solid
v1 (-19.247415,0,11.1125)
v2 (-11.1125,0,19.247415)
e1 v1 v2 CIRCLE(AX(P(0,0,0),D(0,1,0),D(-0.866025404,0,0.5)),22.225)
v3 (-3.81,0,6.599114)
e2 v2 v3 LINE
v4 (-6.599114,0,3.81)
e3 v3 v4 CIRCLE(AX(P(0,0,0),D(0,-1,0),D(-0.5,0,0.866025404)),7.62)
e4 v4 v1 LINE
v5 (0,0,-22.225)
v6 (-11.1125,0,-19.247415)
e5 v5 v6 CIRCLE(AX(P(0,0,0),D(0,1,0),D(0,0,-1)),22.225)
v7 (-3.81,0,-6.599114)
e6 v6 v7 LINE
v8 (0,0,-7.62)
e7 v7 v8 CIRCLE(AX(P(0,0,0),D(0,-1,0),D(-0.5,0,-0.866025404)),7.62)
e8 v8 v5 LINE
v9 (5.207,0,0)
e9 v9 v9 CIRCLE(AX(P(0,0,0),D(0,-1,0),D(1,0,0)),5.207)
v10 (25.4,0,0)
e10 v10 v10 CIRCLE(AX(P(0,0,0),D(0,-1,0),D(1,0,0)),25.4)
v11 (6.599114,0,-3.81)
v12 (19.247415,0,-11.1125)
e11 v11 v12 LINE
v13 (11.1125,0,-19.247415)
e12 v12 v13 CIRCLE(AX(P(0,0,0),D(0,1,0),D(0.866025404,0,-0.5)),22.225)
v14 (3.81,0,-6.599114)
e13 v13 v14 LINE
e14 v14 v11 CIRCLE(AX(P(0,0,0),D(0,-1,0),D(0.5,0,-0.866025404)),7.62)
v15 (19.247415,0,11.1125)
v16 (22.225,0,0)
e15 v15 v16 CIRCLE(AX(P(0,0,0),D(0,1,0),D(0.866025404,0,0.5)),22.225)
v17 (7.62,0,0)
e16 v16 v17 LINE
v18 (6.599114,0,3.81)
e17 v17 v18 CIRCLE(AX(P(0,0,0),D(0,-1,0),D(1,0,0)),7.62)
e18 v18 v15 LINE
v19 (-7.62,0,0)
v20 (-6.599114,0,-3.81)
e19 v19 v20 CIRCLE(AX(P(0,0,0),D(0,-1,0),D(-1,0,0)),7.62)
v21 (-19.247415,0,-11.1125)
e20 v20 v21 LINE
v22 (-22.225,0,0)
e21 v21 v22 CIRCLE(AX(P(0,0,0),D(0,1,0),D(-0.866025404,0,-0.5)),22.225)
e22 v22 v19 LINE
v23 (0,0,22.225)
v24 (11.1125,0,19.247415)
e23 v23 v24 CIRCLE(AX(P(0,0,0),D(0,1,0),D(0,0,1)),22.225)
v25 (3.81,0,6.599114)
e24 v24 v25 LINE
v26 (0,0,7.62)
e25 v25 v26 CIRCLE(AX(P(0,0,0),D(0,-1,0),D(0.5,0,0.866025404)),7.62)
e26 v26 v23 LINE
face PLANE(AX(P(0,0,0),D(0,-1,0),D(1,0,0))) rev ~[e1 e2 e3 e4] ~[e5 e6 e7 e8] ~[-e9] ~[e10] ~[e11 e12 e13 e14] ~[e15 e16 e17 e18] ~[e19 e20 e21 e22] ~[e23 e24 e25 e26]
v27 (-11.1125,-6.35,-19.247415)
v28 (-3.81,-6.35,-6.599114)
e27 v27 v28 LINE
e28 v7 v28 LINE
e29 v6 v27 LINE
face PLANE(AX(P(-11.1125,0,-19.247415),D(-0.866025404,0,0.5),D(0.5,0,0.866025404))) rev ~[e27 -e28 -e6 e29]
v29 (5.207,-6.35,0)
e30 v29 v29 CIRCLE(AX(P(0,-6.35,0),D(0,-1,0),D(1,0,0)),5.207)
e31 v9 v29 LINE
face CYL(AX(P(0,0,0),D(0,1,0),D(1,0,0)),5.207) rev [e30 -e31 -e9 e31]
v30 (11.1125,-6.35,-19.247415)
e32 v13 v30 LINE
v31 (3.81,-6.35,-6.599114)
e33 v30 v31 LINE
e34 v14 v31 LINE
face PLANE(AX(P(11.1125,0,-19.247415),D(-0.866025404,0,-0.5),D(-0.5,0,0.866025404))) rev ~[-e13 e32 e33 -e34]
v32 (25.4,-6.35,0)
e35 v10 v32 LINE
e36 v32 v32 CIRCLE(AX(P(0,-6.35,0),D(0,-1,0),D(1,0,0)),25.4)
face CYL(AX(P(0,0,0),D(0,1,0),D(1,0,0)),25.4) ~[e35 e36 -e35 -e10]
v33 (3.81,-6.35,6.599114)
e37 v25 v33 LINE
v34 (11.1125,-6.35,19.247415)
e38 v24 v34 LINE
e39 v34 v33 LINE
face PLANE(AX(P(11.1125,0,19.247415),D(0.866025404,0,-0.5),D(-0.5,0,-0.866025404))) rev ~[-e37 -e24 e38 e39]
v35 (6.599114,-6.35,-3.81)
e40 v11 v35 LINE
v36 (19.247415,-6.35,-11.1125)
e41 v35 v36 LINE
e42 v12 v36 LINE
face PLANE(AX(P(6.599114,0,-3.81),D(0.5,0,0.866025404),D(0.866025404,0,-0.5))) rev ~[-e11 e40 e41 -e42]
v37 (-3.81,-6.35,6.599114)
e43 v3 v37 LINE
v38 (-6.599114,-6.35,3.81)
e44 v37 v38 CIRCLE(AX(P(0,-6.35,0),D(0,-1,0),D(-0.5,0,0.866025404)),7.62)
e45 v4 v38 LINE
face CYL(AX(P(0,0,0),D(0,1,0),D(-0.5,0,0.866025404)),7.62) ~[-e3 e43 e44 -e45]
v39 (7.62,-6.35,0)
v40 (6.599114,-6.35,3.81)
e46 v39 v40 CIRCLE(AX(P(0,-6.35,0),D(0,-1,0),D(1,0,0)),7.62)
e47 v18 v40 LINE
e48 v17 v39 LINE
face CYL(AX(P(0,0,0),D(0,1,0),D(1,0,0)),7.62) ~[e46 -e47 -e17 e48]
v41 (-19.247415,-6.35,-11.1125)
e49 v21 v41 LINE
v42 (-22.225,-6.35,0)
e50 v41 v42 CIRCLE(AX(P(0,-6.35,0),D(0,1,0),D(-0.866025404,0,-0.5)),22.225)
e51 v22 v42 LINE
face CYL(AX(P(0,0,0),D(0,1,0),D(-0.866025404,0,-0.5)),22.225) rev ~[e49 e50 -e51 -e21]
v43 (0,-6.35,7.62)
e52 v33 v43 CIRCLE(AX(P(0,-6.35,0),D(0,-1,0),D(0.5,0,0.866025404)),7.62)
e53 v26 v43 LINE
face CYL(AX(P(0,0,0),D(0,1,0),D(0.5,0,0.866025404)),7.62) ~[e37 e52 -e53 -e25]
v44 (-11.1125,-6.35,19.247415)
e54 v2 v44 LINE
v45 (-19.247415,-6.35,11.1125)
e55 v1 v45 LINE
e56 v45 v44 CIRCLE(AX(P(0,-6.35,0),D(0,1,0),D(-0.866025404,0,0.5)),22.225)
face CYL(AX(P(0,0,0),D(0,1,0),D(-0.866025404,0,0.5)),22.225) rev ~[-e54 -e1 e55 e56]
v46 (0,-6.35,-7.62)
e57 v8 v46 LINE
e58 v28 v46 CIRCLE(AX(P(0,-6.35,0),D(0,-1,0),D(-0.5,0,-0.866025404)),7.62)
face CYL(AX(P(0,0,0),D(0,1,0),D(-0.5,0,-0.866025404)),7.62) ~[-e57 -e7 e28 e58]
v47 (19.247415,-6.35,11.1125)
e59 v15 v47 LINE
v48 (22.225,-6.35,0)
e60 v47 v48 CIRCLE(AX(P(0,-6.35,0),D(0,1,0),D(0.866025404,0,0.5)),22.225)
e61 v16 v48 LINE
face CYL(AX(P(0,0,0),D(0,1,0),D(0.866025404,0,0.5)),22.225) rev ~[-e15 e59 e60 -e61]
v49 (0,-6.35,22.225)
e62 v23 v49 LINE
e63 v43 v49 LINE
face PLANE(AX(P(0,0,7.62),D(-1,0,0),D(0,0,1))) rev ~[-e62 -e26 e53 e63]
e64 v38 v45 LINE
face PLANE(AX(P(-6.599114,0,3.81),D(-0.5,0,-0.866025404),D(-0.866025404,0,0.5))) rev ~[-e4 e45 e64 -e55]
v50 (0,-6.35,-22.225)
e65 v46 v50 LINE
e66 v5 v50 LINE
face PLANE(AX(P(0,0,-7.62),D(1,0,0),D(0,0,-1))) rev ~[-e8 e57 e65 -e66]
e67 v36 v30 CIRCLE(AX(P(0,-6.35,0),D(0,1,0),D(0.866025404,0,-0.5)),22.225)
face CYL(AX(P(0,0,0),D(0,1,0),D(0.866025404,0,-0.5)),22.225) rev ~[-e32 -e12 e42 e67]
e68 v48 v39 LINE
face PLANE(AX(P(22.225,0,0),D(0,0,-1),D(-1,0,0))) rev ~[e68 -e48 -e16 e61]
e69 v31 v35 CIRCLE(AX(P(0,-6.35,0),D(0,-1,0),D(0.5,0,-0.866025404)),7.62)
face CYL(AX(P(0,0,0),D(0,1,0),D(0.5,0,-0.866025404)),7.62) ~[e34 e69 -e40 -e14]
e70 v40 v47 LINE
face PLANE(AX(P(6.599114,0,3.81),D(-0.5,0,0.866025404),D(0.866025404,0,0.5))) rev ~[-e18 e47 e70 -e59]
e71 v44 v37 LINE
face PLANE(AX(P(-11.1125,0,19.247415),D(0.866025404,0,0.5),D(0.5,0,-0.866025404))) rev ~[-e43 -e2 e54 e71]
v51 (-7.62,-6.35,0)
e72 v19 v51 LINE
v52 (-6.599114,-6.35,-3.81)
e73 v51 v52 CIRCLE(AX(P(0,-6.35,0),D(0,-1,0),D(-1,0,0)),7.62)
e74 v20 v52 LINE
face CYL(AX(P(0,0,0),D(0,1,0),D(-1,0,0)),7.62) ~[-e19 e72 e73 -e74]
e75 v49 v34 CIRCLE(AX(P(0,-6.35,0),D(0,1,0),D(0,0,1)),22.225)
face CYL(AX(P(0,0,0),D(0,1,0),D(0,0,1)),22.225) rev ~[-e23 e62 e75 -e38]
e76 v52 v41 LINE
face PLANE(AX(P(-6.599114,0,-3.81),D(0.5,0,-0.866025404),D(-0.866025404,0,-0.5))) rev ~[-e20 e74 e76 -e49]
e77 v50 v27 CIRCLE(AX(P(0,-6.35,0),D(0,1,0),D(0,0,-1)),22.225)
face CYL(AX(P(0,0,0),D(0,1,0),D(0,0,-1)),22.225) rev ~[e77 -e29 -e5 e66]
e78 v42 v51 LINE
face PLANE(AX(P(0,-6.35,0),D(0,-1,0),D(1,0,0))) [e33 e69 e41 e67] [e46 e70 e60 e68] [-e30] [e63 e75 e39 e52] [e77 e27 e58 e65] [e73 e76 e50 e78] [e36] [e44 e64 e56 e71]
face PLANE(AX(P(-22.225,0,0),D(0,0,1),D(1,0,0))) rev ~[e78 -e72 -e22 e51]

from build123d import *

# Parameters (mm, degrees)
F0_R     = 25.4
F0_R_2   = 5.207
F1_DEPTH = 6.35


with BuildPart() as f1:
    # F0 (on Front) → F1 (new body)
    with BuildSketch(Plane.XZ):
        Circle(F0_R)
        with BuildLine():
            ThreePointArc((19.2474145991, 11.1125), (21.4677014893, 5.7522532774), (22.225, 0))
            ThreePointArc((22.225, 0), (21.4677014893, -5.7522532774), (19.2474145991, -11.1125))
            ThreePointArc((19.2474145991, -11.1125), (15.7154482119, -15.7154482119), (11.1125, -19.2474145991))
            ThreePointArc((11.1125, -19.2474145991), (5.7522532774, -21.4677014893), (0, -22.225))
            ThreePointArc((0, -22.225), (-5.7522532774, -21.4677014893), (-11.1125, -19.2474145991))
            ThreePointArc((-11.1125, -19.2474145991), (-15.7154482119, -15.7154482119), (-19.2474145991, -11.1125))
            ThreePointArc((-19.2474145991, -11.1125), (-21.4677014893, -5.7522532774), (-22.225, 0))
            ThreePointArc((-22.225, 0), (-21.4677014893, 5.7522532774), (-19.2474145991, 11.1125))
            ThreePointArc((-19.2474145991, 11.1125), (-15.7154482119, 15.7154482119), (-11.1125, 19.2474145991))
            ThreePointArc((-11.1125, 19.2474145991), (-5.7522532774, 21.4677014893), (0, 22.225))
            ThreePointArc((0, 22.225), (5.7522532774, 21.4677014893), (11.1125, 19.2474145991))
            ThreePointArc((11.1125, 19.2474145991), (15.7154482119, 15.7154482119), (19.2474145991, 11.1125))
        make_face(mode=Mode.SUBTRACT)
        with BuildLine():
            ThreePointArc((6.5991135768, -3.81), (7.3603547963, -1.9722011237), (7.62, 0))
            ThreePointArc((7.62, 0), (7.3603547963, 1.9722011237), (6.5991135768, 3.81))
            ThreePointArc((6.5991135768, 3.81), (5.3881536726, 5.3881536726), (3.81, 6.5991135768))
            ThreePointArc((3.81, 6.5991135768), (1.9722011237, 7.3603547963), (0, 7.62))
            ThreePointArc((0, 7.62), (-1.9722011237, 7.3603547963), (-3.81, 6.5991135768))
            ThreePointArc((-3.81, 6.5991135768), (-5.3881536726, 5.3881536726), (-6.5991135768, 3.81))
            ThreePointArc((-6.5991135768, 3.81), (-7.3603547963, 1.9722011237), (-7.62, 0))
            ThreePointArc((-7.62, 0), (-7.3603547963, -1.9722011237), (-6.5991135768, -3.81))
            ThreePointArc((-6.5991135768, -3.81), (-5.3881536726, -5.3881536726), (-3.81, -6.5991135768))
            ThreePointArc((-3.81, -6.5991135768), (-1.9722011237, -7.3603547963), (0, -7.62))
            ThreePointArc((0, -7.62), (1.9722011237, -7.3603547963), (3.81, -6.5991135768))
            ThreePointArc((3.81, -6.5991135768), (5.3881536726, -5.3881536726), (6.5991135768, -3.81))
        make_face()
        Circle(F0_R_2, mode=Mode.SUBTRACT)
        with BuildLine():
            Line((6.5991135768, 3.81), (19.2474145991, 11.1125))
            ThreePointArc((19.2474145991, 11.1125), (15.7154482119, 15.7154482119), (11.1125, 19.2474145991))
            Line((11.1125, 19.2474145991), (3.81, 6.5991135768))
            ThreePointArc((3.81, 6.5991135768), (5.3881536726, 5.3881536726), (6.5991135768, 3.81))
        make_face()
        with BuildLine():
            Line((0, 7.62), (0, 22.225))
            ThreePointArc((0, 22.225), (-5.7522532774, 21.4677014893), (-11.1125, 19.2474145991))
            Line((-11.1125, 19.2474145991), (-3.81, 6.5991135768))
            ThreePointArc((-3.81, 6.5991135768), (-1.9722011237, 7.3603547963), (0, 7.62))
        make_face()
        with BuildLine():
            Line((-6.5991135768, 3.81), (-19.2474145991, 11.1125))
            ThreePointArc((-19.2474145991, 11.1125), (-21.4677014893, 5.7522532774), (-22.225, 0))
            Line((-22.225, 0), (-7.62, 0))
            ThreePointArc((-7.62, 0), (-7.3603547963, 1.9722011237), (-6.5991135768, 3.81))
        make_face()
        with BuildLine():
            ThreePointArc((-19.2474145991, -11.1125), (-15.7154482119, -15.7154482119), (-11.1125, -19.2474145991))
            Line((-11.1125, -19.2474145991), (-3.81, -6.5991135768))
            ThreePointArc((-3.81, -6.5991135768), (-5.3881536726, -5.3881536726), (-6.5991135768, -3.81))
            Line((-6.5991135768, -3.81), (-19.2474145991, -11.1125))
        make_face()
        with BuildLine():
            ThreePointArc((0, -22.225), (5.7522532774, -21.4677014893), (11.1125, -19.2474145991))
            Line((11.1125, -19.2474145991), (3.81, -6.5991135768))
            ThreePointArc((3.81, -6.5991135768), (1.9722011237, -7.3603547963), (0, -7.62))
            Line((0, -7.62), (0, -22.225))
        make_face()
        with BuildLine():
            ThreePointArc((19.2474145991, -11.1125), (21.4677014893, -5.7522532774), (22.225, 0))
            Line((22.225, 0), (7.62, 0))
            ThreePointArc((7.62, 0), (7.3603547963, -1.9722011237), (6.5991135768, -3.81))
            Line((6.5991135768, -3.81), (19.2474145991, -11.1125))
        make_face()
    extrude(amount=F1_DEPTH)


solid = f1.part
